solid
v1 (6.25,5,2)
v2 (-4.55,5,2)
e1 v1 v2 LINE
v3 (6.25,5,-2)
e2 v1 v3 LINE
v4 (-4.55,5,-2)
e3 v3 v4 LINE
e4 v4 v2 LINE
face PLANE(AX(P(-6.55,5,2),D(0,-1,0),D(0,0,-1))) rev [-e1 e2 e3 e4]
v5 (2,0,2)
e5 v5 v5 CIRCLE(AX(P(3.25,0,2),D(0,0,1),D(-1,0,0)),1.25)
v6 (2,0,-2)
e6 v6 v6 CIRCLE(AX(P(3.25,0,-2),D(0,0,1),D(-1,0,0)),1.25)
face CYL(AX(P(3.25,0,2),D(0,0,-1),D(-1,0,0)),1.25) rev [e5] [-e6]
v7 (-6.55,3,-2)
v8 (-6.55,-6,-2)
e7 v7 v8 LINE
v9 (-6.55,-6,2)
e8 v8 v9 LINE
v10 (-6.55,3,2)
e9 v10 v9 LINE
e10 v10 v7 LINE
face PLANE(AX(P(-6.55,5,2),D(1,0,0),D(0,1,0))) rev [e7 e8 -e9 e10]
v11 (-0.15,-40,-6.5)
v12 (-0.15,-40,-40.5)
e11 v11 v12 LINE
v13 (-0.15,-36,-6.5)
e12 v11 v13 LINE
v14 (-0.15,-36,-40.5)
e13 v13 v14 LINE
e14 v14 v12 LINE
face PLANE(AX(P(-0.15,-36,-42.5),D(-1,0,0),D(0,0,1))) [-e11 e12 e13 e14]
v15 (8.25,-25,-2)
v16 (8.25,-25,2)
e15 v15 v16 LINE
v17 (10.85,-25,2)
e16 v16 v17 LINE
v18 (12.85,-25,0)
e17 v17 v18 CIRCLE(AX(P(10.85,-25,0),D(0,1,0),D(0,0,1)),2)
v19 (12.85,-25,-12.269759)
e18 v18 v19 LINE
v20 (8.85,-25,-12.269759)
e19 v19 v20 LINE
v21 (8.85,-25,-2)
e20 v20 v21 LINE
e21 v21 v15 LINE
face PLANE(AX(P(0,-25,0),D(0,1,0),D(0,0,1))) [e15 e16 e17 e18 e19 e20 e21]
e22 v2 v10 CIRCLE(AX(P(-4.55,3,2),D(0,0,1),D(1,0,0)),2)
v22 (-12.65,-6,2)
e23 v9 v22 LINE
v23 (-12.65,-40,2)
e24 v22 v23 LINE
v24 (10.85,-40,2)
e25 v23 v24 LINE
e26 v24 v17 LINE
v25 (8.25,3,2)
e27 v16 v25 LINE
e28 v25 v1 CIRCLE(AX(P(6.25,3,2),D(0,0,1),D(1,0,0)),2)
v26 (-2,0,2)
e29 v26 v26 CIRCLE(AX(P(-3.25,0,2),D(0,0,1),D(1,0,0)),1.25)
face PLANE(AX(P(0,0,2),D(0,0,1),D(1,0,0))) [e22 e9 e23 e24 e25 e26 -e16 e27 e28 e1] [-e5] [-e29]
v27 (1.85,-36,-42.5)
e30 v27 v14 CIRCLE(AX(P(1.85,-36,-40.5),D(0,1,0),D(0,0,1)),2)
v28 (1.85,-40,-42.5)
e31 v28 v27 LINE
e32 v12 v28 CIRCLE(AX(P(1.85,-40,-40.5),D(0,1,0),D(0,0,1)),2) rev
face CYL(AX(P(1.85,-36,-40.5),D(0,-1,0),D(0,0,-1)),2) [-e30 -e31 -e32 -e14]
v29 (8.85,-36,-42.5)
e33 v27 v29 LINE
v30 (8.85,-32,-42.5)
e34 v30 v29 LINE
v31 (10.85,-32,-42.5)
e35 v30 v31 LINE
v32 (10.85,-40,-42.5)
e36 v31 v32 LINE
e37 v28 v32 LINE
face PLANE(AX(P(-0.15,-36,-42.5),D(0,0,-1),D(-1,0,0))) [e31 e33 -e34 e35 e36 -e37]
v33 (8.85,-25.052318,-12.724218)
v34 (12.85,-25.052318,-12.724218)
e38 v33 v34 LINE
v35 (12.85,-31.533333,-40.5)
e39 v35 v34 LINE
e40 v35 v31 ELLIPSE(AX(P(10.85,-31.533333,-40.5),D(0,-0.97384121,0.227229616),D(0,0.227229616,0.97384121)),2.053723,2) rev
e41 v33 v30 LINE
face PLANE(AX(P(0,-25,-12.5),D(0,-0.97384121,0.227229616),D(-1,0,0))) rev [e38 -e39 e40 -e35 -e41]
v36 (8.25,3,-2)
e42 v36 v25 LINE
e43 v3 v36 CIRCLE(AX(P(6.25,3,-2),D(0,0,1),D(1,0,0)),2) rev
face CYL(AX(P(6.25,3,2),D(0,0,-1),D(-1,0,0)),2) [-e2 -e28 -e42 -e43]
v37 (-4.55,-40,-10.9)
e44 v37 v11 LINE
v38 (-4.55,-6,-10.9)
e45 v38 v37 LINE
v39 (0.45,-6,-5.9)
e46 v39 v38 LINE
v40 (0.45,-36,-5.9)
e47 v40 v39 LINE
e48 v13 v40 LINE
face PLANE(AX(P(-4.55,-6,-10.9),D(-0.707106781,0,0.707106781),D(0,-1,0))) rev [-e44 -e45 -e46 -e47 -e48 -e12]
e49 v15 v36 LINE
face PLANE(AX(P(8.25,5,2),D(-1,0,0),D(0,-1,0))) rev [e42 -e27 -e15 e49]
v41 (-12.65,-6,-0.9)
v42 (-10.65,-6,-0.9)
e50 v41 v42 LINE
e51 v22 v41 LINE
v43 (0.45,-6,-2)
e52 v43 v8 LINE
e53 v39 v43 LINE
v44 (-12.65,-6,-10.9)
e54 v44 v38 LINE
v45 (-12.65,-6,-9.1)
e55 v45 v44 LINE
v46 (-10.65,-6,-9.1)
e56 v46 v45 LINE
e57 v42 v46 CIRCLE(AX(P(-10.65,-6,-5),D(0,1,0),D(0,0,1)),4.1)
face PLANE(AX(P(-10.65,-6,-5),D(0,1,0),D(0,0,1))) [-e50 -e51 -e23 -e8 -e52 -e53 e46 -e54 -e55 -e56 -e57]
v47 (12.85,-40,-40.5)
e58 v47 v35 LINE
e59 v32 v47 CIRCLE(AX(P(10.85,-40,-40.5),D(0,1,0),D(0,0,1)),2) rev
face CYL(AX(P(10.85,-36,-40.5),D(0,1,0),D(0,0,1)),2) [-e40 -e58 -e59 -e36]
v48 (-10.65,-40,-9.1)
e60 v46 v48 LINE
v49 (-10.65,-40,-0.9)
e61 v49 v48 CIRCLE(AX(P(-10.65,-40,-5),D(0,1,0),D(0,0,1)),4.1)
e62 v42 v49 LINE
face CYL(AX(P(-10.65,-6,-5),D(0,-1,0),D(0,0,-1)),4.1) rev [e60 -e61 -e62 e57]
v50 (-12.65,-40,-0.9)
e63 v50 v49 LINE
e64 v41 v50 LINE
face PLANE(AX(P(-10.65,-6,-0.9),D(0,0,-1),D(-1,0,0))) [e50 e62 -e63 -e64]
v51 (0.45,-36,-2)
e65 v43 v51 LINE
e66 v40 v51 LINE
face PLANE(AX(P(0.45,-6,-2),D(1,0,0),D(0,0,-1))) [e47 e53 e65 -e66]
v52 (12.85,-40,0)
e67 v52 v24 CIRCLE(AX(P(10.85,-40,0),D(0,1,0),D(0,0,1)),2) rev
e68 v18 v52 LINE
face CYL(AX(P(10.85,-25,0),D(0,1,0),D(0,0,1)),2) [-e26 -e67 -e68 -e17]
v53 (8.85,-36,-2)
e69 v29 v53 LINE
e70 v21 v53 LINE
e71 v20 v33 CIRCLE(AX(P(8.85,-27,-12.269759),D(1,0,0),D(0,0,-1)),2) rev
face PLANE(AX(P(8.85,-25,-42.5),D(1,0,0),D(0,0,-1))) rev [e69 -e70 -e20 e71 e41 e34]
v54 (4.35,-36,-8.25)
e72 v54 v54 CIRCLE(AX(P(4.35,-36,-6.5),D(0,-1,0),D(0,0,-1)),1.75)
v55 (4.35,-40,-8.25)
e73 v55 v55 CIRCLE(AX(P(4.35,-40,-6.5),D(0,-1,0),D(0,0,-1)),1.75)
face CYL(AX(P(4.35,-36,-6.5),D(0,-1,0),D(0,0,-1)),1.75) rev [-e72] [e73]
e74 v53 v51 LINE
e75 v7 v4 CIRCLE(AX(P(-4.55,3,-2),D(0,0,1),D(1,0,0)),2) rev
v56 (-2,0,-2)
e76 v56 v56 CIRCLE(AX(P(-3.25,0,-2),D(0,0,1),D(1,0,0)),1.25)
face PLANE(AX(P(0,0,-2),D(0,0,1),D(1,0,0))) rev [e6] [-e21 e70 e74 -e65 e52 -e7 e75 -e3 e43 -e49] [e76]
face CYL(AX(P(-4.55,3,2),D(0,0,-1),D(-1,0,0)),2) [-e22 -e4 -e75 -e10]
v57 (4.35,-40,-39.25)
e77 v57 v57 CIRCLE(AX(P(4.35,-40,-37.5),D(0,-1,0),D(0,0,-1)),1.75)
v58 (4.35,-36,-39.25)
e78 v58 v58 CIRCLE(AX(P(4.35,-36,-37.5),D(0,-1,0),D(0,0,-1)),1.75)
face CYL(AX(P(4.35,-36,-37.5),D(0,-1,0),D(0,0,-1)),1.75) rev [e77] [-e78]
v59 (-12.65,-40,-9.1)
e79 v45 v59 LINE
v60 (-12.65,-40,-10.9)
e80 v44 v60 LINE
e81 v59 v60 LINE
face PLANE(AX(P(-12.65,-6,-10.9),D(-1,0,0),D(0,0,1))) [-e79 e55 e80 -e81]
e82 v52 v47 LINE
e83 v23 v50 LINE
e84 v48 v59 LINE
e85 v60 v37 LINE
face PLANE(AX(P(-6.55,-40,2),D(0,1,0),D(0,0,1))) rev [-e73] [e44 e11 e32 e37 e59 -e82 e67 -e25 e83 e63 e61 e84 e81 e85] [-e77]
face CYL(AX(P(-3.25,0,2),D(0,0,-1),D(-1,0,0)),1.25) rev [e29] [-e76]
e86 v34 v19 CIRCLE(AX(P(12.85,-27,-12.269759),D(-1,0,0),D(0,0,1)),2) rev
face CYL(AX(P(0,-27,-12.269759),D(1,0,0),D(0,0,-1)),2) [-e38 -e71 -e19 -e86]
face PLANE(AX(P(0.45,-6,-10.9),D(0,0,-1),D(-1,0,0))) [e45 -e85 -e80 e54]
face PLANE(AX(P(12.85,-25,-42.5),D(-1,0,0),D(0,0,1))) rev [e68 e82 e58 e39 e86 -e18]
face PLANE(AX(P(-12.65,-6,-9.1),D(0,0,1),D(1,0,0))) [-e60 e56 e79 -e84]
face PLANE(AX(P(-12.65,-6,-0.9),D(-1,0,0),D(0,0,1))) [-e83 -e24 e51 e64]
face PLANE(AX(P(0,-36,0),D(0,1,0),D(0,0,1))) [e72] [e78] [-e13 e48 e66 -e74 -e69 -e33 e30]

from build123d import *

# Parameters (mm, degrees)
SKETCH1_W           = 14.8
SKETCH1_H           = 45
SKETCH1_R           = 1.25
BOSS_EXTRUDE1_DEPTH = 2
BOSS_EXTRUDE2_DEPTH = 34
CHAMFER2_SIZE       = 5
SKETCH3_W           = 9
SKETCH3_H           = 44.5
SKETCH3_R           = 1.75
BOSS_EXTRUDE3_DEPTH = 4
BOSS_EXTRUDE4_DEPTH = 15
CHAMFER3_SIZE       = 7
CHAMFER3_SIZE2      = 30
FILLET3_R           = 2
FILLET4_R           = 2


with BuildPart() as part:
    # Sketch1 → Boss-Extrude1 (new body, symmetric)
    with BuildSketch(Plane.XY):
        with Locations((0.85, -17.5)):
            Rectangle(SKETCH1_W, SKETCH1_H)
        with Locations((-3.25, 0)):
            Circle(SKETCH1_R, mode=Mode.SUBTRACT)
        with Locations((3.25, 0)):
            Circle(SKETCH1_R, mode=Mode.SUBTRACT)
    extrude(amount=BOSS_EXTRUDE1_DEPTH, both=True)

    # Sketch2 → Boss-Extrude2 (add)
    with BuildSketch(Plane.XZ.offset(40)):
        with BuildLine():
            Line((-6.55, -2), (-6.55, 2))
            Line((-6.55, 2), (-12.65, 2))
            Line((-12.65, 2), (-12.65, -0.9))
            Line((-12.65, -0.9), (-10.65, -0.9))
            ThreePointArc((-10.65, -0.9), (-6.55, -5), (-10.65, -9.1))
            Line((-10.65, -9.1), (-12.65, -9.1))
            Line((-12.65, -9.1), (-12.65, -10.9))
            Line((-12.65, -10.9), (0.45, -10.9))
            Line((0.45, -10.9), (0.45, -2))
            Line((0.45, -2), (-6.55, -2))
        make_face()
    extrude(amount=-BOSS_EXTRUDE2_DEPTH)

    # Chamfer2
    chamfer2_edges = [part.edges().sort_by_distance(p)[0] for p in [
        (0.45, -23, -10.9),
    ]]
    chamfer(chamfer2_edges, length=CHAMFER2_SIZE)

    # Sketch3 → Boss-Extrude3 (add)
    with BuildSketch(Plane.XZ.offset(40)):
        with Locations((4.35, -20.25)):
            Rectangle(SKETCH3_W, SKETCH3_H)
        with Locations((4.35, -37.5)):
            Circle(SKETCH3_R, mode=Mode.SUBTRACT)
        with Locations((4.35, -6.5)):
            Circle(SKETCH3_R, mode=Mode.SUBTRACT)
    extrude(amount=-BOSS_EXTRUDE3_DEPTH)

    # Sketch4 → Boss-Extrude4 (add)
    with BuildSketch(Plane(origin=(0, -40, 0), x_dir=(-1, 0, 0), z_dir=(0, 1, 0))):
        Polygon((-8.85, -42.5), (-12.85, -42.5), (-12.85, 2), (-8.85, 2), (-8.25, 2), (-8.25, -2), (-8.85, -2), align=None)
    extrude(amount=BOSS_EXTRUDE4_DEPTH)

    # Chamfer3
    chamfer3_edges = [part.edges().sort_by_distance(p)[0] for p in [
        (10.85, -25, -42.5),
    ]]
    chamfer3_side = [part.faces().sort_by_distance(p)[0] for p in [
        (0.048494332, -38, -42.5),
    ]]
    chamfer(chamfer3_edges, length=CHAMFER3_SIZE, length2=CHAMFER3_SIZE2, reference=chamfer3_side[0])

    # Fillet3
    fillet3_edges = [part.edges().sort_by_distance(p)[0] for p in [
        (10.85, -25, -12.5),
        (12.85, -36, -42.5),
        (-0.15, -38, -42.5),
        (12.85, -32.5, 2),
    ]]
    fillet(fillet3_edges, radius=FILLET3_R)

    # Fillet4
    fillet4_edges = [part.edges().sort_by_distance(p)[0] for p in [
        (-6.55, 5, 0),
        (8.25, 5, 0),
    ]]
    fillet(fillet4_edges, radius=FILLET4_R)


solid = part.part
